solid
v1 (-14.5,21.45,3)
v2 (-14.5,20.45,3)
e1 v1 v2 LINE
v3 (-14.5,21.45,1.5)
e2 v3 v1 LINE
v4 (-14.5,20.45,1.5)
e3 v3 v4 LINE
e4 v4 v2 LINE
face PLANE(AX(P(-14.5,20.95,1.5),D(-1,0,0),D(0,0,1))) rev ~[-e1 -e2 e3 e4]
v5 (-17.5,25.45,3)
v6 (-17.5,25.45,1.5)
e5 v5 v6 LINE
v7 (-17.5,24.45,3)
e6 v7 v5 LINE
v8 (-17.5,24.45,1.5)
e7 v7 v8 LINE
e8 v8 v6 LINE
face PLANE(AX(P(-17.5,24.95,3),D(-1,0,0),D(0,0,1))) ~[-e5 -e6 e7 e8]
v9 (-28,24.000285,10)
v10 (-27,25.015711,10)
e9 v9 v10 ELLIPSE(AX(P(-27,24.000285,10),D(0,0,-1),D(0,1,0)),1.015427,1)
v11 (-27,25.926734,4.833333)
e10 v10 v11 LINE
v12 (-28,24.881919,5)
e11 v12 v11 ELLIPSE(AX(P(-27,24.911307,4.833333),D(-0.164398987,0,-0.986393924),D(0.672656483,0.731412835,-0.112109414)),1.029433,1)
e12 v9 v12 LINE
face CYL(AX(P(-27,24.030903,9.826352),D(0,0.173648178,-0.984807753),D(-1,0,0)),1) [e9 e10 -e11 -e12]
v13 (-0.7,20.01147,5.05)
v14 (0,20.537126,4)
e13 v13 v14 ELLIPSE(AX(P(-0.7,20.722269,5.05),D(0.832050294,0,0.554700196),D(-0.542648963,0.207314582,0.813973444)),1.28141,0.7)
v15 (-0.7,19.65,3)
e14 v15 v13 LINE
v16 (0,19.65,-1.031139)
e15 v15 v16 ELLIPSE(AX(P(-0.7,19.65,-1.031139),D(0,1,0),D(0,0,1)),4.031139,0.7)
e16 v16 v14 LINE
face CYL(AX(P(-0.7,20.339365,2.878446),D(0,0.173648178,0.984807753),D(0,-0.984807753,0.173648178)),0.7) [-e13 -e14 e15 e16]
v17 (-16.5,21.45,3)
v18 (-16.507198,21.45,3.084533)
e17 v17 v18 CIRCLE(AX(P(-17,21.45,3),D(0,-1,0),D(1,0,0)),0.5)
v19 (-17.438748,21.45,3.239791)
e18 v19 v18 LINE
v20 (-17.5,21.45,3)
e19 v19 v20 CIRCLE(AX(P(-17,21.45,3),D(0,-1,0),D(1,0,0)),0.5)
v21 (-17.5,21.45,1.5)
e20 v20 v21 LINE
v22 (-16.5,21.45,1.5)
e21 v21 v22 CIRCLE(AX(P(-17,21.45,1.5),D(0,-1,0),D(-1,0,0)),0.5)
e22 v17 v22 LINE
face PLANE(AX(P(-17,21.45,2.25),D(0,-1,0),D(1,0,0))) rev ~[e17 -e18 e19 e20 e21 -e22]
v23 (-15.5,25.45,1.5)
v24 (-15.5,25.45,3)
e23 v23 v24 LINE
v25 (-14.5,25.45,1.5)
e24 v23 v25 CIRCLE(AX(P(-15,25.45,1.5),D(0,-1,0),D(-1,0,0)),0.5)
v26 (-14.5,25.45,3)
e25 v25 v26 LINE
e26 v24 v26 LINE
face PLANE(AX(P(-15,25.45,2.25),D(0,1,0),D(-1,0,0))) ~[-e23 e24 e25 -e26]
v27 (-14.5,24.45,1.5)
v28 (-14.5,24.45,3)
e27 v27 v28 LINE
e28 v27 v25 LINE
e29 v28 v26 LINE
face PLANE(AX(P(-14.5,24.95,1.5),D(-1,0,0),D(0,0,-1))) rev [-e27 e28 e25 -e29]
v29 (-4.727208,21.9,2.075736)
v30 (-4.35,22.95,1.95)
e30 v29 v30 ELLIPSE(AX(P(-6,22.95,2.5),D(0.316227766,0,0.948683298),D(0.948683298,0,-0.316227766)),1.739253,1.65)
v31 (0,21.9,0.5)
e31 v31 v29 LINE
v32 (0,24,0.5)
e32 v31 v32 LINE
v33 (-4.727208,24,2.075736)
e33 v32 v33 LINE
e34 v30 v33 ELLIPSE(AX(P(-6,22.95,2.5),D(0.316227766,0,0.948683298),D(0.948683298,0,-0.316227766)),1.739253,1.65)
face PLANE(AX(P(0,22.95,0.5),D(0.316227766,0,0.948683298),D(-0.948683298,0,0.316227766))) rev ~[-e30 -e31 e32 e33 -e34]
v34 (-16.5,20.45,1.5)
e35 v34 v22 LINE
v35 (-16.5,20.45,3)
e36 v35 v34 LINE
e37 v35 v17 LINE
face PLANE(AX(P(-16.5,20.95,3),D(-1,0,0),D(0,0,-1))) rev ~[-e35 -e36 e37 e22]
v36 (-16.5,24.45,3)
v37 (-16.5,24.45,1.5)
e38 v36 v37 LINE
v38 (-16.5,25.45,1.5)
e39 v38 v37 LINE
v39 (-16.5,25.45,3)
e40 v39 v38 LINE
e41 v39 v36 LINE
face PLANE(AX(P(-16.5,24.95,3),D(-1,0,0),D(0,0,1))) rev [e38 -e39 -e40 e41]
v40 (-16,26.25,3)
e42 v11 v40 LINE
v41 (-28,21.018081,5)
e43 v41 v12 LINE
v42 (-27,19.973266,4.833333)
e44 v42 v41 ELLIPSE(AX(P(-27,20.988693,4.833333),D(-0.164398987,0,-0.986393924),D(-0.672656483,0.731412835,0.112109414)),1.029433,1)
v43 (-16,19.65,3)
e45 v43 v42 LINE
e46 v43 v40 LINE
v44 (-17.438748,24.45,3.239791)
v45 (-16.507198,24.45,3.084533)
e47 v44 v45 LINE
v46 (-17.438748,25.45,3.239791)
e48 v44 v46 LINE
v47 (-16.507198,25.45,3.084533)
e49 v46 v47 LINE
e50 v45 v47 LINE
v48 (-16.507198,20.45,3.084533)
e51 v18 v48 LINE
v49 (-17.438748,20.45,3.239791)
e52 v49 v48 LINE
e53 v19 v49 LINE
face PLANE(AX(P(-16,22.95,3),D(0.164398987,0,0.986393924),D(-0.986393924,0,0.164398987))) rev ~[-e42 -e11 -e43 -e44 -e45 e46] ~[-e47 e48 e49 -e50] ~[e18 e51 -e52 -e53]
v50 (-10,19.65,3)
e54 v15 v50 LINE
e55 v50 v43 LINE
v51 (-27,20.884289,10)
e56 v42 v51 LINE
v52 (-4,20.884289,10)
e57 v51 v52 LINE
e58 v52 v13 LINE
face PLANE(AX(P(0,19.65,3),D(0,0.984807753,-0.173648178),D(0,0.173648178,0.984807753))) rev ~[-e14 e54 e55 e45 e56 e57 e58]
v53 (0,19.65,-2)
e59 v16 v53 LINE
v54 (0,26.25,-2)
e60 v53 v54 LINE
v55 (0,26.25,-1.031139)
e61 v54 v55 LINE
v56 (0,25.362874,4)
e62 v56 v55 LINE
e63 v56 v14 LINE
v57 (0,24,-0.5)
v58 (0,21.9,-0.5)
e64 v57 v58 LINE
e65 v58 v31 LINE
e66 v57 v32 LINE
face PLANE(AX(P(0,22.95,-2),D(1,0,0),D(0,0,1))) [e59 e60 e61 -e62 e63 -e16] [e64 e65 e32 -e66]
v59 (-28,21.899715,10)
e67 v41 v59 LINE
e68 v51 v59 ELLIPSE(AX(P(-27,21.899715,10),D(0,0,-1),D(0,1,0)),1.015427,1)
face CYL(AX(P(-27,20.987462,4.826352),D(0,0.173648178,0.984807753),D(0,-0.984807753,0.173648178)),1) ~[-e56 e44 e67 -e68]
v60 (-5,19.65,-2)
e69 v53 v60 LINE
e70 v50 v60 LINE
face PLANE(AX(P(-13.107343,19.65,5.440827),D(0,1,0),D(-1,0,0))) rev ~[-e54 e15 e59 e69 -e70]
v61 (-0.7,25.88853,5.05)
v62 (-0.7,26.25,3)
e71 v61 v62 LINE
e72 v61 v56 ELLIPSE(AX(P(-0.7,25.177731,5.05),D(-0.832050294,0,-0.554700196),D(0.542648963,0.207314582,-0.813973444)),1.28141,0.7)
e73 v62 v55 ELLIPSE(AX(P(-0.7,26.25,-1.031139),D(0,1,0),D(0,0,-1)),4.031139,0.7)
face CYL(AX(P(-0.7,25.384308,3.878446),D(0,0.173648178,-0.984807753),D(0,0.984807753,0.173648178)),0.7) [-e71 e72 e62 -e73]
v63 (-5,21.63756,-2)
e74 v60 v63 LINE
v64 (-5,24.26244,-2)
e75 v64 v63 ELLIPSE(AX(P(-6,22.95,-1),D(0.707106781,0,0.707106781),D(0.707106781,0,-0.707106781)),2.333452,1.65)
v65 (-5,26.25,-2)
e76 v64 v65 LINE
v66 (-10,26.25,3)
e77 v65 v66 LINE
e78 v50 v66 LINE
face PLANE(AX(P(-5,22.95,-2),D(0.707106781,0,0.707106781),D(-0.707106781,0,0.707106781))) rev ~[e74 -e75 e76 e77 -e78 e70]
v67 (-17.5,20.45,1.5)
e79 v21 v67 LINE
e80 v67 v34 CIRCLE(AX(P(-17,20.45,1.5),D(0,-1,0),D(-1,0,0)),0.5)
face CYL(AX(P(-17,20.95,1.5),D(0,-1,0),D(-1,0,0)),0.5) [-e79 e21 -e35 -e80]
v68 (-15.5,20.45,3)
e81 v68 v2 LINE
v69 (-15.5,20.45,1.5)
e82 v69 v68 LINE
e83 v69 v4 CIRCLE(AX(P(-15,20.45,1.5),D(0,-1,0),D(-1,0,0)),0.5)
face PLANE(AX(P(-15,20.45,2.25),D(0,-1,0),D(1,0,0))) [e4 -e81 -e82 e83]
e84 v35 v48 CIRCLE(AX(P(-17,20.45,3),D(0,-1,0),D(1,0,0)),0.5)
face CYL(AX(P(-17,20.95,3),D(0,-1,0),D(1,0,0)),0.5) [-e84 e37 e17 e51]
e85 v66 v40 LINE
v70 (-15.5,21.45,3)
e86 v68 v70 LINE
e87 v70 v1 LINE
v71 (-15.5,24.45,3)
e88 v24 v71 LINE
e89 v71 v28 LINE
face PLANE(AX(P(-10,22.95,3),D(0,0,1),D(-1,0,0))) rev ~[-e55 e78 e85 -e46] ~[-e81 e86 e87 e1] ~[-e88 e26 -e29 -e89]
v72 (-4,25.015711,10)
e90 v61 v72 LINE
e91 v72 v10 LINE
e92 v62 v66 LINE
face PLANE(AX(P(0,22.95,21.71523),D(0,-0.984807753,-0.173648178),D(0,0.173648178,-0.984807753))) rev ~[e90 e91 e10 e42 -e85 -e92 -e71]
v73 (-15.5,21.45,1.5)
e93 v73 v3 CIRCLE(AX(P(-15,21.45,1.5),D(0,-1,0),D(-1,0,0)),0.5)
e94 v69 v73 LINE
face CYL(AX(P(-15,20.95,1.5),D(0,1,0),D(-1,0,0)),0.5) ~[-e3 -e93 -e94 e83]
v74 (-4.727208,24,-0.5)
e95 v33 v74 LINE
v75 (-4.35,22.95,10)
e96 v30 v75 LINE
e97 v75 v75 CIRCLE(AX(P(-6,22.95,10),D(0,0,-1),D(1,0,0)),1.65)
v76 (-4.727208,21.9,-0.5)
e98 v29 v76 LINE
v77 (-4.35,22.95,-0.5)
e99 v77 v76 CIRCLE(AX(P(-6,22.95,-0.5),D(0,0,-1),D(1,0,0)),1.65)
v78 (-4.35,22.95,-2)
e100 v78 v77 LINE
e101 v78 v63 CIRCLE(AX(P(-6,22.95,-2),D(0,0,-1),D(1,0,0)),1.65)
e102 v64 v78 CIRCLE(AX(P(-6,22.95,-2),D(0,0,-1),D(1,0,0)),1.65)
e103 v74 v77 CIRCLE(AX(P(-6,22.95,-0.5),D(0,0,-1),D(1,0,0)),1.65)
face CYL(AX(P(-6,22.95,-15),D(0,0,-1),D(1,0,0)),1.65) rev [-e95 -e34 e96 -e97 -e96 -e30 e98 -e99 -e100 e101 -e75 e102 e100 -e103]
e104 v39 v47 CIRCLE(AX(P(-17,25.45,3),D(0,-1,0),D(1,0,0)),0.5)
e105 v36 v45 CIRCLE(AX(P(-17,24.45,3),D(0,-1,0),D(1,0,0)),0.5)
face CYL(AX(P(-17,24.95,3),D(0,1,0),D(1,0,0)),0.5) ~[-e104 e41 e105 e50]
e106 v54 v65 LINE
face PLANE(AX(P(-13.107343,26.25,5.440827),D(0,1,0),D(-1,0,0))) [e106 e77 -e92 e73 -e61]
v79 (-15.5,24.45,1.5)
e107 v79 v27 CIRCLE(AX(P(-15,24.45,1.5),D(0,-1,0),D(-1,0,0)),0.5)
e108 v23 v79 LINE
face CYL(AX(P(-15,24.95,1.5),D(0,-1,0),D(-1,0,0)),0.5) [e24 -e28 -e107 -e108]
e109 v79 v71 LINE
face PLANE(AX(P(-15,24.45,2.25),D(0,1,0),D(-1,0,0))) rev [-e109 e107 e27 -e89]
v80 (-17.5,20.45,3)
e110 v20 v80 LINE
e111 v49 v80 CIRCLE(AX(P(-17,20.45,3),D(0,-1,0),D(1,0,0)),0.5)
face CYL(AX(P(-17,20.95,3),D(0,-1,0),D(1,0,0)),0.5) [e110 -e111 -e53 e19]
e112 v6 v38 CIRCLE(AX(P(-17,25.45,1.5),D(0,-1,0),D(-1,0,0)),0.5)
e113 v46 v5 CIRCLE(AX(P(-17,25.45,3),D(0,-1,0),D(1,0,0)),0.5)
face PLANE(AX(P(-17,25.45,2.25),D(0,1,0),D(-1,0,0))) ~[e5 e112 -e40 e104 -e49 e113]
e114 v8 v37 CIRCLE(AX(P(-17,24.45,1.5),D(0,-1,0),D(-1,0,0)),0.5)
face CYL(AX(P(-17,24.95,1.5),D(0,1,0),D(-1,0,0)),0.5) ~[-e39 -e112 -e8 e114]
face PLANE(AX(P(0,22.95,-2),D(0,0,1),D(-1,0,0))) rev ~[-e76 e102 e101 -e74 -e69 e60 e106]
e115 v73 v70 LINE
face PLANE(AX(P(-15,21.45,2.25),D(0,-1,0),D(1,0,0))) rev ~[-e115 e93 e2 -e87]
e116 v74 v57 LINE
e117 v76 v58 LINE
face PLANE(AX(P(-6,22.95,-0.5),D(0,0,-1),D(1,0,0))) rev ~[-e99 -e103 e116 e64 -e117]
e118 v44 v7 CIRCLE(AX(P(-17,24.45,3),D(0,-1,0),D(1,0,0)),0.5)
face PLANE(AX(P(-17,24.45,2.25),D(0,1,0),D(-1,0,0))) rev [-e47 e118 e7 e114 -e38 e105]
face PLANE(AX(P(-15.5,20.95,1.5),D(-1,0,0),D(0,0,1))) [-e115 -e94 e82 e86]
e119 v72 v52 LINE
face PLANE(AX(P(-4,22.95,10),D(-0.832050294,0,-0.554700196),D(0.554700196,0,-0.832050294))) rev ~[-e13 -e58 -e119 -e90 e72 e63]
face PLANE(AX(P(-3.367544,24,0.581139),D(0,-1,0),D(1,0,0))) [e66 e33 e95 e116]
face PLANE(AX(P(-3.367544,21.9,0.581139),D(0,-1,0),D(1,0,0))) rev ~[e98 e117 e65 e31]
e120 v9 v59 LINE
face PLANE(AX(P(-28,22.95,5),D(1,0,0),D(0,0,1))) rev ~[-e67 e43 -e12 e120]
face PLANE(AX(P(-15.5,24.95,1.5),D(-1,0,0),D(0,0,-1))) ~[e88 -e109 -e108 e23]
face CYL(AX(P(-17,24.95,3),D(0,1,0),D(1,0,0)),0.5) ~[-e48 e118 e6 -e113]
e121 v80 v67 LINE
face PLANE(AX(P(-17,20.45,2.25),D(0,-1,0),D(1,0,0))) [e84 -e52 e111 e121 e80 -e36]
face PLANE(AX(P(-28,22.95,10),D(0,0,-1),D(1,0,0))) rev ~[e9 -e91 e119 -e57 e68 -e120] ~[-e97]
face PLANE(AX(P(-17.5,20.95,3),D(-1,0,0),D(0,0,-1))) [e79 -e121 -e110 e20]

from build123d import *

# Parameters (mm, degrees)
CYLINDER_R      = 1.65
CYLINDER_DEPTH  = 30
PAD005_DEPTH    = 1.05
PAD001_DEPTH    = 3.3
POCKET004_DEPTH = 28.001
PAD002_DEPTH    = 0.5
FILLET_R        = 0.7
FILLET002_R     = 1


with BuildPart() as black_led_base:
    # Cylinder → Cylinder (join)
    with BuildSketch(Plane(origin=(-6, 0, -15), x_dir=(1, 0, 0), z_dir=(0, 0, 1))):
        Circle(CYLINDER_R)
    extrude(amount=CYLINDER_DEPTH)


with BuildPart() as black_iface_base:
    # Sketch016 → Pad005 (new body, symmetric)
    with BuildSketch(Plane.XZ):
        Polygon((-6, 2.5), (-6, -0.5), (0, -0.5), (0, 0.5), align=None)
    extrude(amount=PAD005_DEPTH, both=True)


with BuildPart() as black_d:
    # Sketch005 → Pad001 (new body, symmetric)
    with BuildSketch(Plane.XZ):
        Polygon((0, 0), (0, -2), (-5, -2), (-10, 3), (-16, 3), (-28, 5), (-28, 10), (-4, 10), (0, 4), align=None)
    extrude(amount=PAD001_DEPTH, both=True)

    # Sketch006 → Pocket004 (cut, through all)
    with BuildSketch(Plane.YZ):
        Polygon((-3.3, 0), (-3.3, 3), (0, 21.71523), (3.3, 3), (3.3, 0), (13, 0), (13, 26), (-13, 26), (-13, 0), align=None)
    extrude(amount=-POCKET004_DEPTH, mode=Mode.SUBTRACT)

    # Sketch008 → Pad002 (join, symmetric)
    with BuildSketch(Plane.XZ.offset(2)):
        with BuildLine():
            ThreePointArc((-15.5, 1.5), (-15, 1), (-14.5, 1.5))
            Line((-14.5, 1.5), (-14.5, 3))
            ThreePointArc((-14.5, 3), (-15, 3.5), (-15.5, 3))
            Line((-15.5, 1.5), (-15.5, 3))
        make_face()
        with BuildLine():
            ThreePointArc((-16.5, 3), (-17, 3.5), (-17.5, 3))
            Line((-17.5, 3), (-17.5, 1.5))
            ThreePointArc((-17.5, 1.5), (-17, 1), (-16.5, 1.5))
            Line((-16.5, 3), (-16.5, 1.5))
        make_face()
    pad002 = extrude(amount=PAD002_DEPTH, both=True)

    # Mirrored001: Pad002 across XZ
    add(pad002.mirror(Plane.XZ))

    # Fillet
    fillet_edges = [black_d.edges().sort_by_distance(p)[0] for p in [
        (0, -3.211837, 3.5),
        (0, 3.211837, 3.5),
    ]]
    fillet(fillet_edges, radius=FILLET_R)

    # Fillet002
    fillet002_edges = [black_d.edges().sort_by_distance(p)[0] for p in [
        (-28, -2.506529, 7.5),
        (-28, 2.506529, 7.5),
    ]]
    fillet(fillet002_edges, radius=FILLET002_R)

    # Boolean001: cut black_led_BASE, black_iface_BASE
    add(black_led_base.part, mode=Mode.SUBTRACT)
    add(black_iface_base.part, mode=Mode.SUBTRACT)


with BuildPart() as black_d_1:
    # Clone009 placement: moved
    add(black_d.part.moved(Location((0, 22.95, 0))))


solid = black_d_1.part
